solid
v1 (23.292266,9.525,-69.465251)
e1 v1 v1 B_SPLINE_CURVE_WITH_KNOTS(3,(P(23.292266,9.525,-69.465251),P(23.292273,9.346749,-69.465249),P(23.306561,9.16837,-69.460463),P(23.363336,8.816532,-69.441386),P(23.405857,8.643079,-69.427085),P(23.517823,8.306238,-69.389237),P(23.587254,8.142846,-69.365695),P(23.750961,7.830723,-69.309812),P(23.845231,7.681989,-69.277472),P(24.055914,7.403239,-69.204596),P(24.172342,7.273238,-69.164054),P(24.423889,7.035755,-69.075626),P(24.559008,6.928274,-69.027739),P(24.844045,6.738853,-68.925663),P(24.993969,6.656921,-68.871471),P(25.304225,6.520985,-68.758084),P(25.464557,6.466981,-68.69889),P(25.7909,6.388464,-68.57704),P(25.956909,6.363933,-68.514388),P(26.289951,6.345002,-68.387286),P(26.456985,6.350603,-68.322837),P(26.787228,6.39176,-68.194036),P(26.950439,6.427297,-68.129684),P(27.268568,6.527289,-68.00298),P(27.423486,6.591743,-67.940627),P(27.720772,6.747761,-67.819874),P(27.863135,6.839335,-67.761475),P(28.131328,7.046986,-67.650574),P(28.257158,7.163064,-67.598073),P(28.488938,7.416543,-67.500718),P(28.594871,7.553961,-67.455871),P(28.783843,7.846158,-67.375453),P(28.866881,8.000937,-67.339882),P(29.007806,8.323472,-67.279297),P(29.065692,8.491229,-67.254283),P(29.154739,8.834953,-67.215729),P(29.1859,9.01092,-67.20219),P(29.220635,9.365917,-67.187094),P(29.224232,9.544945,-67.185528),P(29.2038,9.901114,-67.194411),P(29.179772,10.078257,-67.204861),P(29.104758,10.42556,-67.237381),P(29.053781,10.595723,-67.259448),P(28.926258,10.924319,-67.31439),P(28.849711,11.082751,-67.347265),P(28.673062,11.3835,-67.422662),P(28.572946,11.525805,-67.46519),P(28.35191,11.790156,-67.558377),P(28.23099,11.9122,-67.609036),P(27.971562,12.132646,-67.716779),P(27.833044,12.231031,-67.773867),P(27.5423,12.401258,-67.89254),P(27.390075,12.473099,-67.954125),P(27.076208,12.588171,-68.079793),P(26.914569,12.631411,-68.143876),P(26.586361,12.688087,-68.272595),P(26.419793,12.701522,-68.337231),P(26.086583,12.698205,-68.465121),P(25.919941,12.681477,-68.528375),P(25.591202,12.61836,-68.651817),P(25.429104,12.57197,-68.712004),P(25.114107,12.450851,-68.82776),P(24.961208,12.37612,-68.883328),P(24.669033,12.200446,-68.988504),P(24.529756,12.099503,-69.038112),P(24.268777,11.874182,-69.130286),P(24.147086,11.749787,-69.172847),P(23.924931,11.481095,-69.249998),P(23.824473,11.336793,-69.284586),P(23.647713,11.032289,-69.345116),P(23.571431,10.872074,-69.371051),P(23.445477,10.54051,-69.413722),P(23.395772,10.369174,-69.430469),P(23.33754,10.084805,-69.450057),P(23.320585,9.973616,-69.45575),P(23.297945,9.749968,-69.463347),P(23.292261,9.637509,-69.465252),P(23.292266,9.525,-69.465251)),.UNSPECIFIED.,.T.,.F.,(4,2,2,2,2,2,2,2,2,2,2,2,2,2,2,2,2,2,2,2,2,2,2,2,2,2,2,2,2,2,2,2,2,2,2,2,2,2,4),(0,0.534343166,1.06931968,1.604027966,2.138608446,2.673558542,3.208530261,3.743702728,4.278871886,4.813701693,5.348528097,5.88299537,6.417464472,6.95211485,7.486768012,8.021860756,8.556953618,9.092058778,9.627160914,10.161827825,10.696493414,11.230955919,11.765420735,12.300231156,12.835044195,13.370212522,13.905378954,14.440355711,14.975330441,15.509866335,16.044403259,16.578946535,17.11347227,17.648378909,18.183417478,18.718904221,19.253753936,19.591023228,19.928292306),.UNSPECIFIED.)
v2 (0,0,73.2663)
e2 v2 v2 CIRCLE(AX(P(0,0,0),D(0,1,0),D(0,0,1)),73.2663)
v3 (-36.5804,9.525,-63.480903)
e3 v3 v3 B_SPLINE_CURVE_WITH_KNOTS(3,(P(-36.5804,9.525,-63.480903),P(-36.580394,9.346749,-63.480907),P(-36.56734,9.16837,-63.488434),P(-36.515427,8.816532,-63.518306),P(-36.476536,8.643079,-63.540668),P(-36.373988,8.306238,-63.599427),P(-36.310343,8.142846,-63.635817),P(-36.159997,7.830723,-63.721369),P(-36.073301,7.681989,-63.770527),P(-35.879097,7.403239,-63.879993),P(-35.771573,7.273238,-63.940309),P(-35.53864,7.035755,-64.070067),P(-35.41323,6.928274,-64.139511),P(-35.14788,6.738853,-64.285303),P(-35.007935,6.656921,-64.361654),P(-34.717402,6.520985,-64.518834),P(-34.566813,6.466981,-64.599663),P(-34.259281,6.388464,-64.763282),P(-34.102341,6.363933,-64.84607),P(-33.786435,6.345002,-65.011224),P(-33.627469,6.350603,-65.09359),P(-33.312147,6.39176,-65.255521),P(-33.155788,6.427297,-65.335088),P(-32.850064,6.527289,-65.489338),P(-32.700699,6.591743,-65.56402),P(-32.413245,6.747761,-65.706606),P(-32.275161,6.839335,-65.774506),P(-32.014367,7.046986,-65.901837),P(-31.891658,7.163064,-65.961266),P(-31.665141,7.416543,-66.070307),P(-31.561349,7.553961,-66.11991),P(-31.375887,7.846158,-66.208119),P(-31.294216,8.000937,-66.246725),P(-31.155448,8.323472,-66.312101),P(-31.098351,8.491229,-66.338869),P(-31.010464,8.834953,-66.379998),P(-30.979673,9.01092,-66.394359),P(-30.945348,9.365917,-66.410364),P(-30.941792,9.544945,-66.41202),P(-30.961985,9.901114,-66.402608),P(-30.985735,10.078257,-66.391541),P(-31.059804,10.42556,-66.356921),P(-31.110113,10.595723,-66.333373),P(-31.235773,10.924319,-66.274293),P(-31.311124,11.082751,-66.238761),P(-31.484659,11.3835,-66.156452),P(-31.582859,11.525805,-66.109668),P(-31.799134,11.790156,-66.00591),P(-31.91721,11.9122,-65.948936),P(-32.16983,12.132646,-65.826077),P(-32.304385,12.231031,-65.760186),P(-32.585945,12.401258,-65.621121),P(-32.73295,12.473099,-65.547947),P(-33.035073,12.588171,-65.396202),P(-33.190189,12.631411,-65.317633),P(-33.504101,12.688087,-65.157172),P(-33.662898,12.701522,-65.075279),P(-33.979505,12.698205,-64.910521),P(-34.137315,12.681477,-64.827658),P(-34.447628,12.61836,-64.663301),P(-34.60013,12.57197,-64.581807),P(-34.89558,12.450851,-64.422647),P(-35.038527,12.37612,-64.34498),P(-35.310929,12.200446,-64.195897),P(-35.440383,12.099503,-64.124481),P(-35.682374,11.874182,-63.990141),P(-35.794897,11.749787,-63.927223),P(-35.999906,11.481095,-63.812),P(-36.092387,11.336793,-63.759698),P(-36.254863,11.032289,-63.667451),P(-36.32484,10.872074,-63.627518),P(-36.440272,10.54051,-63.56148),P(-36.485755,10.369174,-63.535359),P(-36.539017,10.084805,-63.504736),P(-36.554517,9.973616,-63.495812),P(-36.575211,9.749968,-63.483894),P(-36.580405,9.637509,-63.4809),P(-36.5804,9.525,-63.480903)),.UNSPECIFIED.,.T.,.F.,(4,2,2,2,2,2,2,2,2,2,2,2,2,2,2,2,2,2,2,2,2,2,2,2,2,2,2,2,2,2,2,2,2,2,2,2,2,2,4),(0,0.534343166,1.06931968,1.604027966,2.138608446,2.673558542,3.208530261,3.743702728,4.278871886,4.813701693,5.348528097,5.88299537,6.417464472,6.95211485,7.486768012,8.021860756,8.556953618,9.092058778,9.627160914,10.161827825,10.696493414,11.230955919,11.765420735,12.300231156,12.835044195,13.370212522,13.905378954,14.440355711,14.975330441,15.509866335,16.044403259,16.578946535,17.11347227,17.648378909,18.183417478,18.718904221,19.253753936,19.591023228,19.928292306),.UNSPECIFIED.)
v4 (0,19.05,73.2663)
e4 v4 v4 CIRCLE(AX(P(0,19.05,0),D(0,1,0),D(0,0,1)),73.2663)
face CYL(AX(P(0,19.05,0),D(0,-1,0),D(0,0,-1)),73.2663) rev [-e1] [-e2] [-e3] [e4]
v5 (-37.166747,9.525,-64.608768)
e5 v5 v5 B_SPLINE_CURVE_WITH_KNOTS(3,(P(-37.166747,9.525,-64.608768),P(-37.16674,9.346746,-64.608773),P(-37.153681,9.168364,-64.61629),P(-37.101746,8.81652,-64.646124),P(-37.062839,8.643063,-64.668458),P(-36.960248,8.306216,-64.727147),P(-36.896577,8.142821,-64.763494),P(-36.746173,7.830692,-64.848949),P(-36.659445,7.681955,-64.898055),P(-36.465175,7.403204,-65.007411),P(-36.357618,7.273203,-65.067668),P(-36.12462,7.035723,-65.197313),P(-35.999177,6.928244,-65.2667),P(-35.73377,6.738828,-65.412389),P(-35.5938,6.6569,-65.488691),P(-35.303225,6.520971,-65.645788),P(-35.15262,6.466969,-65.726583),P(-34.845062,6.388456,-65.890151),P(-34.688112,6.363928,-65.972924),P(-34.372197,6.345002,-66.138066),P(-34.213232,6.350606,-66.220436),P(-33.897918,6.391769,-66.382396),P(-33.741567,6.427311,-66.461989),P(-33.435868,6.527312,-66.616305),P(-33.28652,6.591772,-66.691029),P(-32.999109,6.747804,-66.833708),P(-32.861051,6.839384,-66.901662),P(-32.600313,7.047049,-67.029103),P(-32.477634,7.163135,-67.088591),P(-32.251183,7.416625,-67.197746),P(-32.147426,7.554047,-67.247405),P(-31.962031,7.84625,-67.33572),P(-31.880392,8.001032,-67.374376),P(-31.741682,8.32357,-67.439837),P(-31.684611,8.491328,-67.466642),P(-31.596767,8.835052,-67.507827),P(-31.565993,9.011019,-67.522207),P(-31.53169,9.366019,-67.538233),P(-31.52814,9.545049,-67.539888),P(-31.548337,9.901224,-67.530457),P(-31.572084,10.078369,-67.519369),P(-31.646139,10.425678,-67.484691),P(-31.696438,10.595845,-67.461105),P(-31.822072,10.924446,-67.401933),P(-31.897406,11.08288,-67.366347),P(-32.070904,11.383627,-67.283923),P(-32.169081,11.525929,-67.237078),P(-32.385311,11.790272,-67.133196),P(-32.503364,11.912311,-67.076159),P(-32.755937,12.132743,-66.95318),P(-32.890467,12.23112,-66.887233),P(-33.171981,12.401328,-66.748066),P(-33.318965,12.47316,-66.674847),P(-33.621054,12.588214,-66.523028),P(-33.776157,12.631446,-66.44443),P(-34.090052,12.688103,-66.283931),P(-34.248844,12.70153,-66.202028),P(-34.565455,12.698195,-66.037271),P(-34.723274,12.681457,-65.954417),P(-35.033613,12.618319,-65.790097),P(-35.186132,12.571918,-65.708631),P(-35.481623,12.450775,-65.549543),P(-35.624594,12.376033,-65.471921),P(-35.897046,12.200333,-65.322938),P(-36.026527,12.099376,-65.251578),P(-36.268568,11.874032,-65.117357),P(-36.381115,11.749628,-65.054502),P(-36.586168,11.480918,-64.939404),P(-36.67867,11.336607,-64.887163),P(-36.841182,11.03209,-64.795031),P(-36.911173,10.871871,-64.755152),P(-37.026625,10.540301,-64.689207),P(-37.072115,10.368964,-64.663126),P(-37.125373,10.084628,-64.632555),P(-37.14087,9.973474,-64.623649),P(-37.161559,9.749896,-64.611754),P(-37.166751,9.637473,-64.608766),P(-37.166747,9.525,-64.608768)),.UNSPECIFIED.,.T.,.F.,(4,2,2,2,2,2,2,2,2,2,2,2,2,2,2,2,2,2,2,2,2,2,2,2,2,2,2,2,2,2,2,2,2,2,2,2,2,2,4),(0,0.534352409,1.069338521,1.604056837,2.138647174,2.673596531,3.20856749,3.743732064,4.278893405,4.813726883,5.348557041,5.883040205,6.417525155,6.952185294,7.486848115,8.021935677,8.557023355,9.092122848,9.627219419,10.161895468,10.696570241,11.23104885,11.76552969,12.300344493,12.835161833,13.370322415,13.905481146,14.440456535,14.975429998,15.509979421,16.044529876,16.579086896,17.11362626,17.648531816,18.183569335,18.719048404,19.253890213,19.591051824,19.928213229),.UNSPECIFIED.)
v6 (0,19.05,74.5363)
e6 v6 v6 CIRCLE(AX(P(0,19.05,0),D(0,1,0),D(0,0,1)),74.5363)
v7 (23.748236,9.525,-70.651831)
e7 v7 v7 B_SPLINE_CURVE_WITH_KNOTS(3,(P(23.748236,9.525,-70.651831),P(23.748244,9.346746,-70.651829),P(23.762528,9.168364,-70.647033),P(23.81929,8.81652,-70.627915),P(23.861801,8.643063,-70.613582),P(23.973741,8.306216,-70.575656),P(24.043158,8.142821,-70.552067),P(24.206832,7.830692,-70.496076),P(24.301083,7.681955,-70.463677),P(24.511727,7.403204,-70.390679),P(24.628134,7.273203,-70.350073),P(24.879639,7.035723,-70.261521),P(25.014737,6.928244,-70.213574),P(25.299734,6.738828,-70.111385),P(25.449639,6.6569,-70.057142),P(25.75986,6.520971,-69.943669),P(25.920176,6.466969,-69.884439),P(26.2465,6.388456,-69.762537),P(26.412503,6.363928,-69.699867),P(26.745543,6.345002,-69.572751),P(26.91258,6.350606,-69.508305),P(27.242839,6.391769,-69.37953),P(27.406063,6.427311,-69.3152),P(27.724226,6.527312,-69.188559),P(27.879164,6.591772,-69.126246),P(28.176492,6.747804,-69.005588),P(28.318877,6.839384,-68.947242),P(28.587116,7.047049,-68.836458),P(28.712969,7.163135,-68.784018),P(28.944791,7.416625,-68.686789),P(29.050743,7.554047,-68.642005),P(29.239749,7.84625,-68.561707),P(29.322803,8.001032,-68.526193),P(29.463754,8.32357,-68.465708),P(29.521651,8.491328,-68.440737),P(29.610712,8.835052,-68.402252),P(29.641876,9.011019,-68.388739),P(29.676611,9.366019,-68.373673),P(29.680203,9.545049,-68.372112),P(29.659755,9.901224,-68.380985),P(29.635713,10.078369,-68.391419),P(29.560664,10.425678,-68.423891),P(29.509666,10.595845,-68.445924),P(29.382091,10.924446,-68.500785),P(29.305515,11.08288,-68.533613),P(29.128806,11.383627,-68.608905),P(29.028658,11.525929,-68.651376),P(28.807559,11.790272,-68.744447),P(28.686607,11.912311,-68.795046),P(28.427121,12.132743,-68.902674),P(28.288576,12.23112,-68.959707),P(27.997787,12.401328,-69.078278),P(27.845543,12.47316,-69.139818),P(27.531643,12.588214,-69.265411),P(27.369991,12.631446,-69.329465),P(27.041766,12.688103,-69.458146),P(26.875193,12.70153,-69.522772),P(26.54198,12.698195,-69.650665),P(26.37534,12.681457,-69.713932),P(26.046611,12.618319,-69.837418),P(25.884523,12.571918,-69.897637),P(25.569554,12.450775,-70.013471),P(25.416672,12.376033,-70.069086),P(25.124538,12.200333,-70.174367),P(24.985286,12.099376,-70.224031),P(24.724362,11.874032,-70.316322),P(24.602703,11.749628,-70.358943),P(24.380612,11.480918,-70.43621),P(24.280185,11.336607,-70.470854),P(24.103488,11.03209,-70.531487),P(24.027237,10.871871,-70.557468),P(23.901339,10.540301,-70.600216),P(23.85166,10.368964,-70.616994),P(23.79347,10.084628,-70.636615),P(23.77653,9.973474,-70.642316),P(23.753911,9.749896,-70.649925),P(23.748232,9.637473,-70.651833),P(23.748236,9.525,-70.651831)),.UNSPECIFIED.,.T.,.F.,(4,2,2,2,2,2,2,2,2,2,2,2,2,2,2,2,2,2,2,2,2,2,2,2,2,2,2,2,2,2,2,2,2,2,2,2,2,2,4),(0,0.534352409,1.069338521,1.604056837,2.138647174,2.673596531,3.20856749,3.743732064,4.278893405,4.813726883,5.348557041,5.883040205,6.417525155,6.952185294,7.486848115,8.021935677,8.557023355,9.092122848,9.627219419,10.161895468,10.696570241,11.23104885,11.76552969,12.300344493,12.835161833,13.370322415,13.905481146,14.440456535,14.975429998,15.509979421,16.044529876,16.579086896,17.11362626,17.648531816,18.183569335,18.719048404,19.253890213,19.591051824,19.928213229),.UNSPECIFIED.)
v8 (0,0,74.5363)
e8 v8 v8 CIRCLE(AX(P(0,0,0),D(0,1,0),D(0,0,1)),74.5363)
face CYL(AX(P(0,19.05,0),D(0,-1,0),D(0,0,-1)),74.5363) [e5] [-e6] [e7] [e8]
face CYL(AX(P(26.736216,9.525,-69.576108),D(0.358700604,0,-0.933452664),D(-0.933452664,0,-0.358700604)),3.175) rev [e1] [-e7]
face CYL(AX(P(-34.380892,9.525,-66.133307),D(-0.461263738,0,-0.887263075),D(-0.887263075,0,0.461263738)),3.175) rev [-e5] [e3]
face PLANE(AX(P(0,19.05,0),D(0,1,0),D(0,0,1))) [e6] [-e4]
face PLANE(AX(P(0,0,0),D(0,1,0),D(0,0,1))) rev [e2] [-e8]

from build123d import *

# Parameters (mm, degrees)
SKETCH1_R                                 = 74.5363
SKETCH1_R_2                               = 73.2663
BOSS_EXTRUDE1_DEPTH                       = 19.05
F_1_4_0_25_DIAMETER_HOLE1_REACH           = 180.162
F_1_4_0_25_DIAMETER_HOLE1_BORE_R          = 3.175
F_1_4_0_25_DIAMETER_HOLE1_ON_FACE_2_REACH = 178.395
F_1_4_0_25_DIAMETER_HOLE1_BORE_2_R        = 3.175


with BuildPart() as part:
    # Sketch1 → Boss-Extrude1 (new body)
    with BuildSketch(Plane(origin=(0, 0, 0), x_dir=(1, 0, 0), z_dir=(0, 1, 0))):
        with Locations(Location((0, 0, 0), (0, 0, 90))):
            Circle(SKETCH1_R)
        with Locations(Location((0, 0, 0), (0, 0, 90))):
            Circle(SKETCH1_R_2, mode=Mode.SUBTRACT)
    extrude(amount=BOSS_EXTRUDE1_DEPTH)

    # 1/4 (0.25) Diameter Hole1 bore (on position points) → 1/4 (0.25) Diameter Hole1 (cut, up to next)
    with BuildSketch(Plane(origin=(-34.380892376, 9.525, -66.133306716), x_dir=(-0.887263074711, 0, 0.461263738283), z_dir=(-0.461263738283, 0, -0.887263074711)), mode=Mode.PRIVATE) as f_1_4_0_25_diameter_hole1_sk1:
        Circle(F_1_4_0_25_DIAMETER_HOLE1_BORE_R)
    f_1_4_0_25_diameter_hole1_tool1 = extrude(f_1_4_0_25_diameter_hole1_sk1.sketch, amount=-F_1_4_0_25_DIAMETER_HOLE1_REACH, mode=Mode.PRIVATE) & part.part
    add(f_1_4_0_25_diameter_hole1_tool1.solids().sort_by_distance((-34.380892, 9.525, -66.133307))[0], mode=Mode.SUBTRACT)

    # 1/4 (0.25) Diameter Hole1 bore 2 (on position points) → 1/4 (0.25) Diameter Hole1 on face 2 (cut, up to next)
    with BuildSketch(Plane(origin=(26.736215839, 9.525, -69.576107827), x_dir=(-0.933452574994, 0, -0.358700836682), z_dir=(0.358700836682, 0, -0.933452574994)), mode=Mode.PRIVATE) as f_1_4_0_25_diameter_hole1_on_face_2_sk1:
        Circle(F_1_4_0_25_DIAMETER_HOLE1_BORE_2_R)
    f_1_4_0_25_diameter_hole1_on_face_2_tool1 = extrude(f_1_4_0_25_diameter_hole1_on_face_2_sk1.sketch, amount=-F_1_4_0_25_DIAMETER_HOLE1_ON_FACE_2_REACH, mode=Mode.PRIVATE) & part.part
    add(f_1_4_0_25_diameter_hole1_on_face_2_tool1.solids().sort_by_distance((26.736216, 9.525, -69.576108))[0], mode=Mode.SUBTRACT)


solid = part.part
